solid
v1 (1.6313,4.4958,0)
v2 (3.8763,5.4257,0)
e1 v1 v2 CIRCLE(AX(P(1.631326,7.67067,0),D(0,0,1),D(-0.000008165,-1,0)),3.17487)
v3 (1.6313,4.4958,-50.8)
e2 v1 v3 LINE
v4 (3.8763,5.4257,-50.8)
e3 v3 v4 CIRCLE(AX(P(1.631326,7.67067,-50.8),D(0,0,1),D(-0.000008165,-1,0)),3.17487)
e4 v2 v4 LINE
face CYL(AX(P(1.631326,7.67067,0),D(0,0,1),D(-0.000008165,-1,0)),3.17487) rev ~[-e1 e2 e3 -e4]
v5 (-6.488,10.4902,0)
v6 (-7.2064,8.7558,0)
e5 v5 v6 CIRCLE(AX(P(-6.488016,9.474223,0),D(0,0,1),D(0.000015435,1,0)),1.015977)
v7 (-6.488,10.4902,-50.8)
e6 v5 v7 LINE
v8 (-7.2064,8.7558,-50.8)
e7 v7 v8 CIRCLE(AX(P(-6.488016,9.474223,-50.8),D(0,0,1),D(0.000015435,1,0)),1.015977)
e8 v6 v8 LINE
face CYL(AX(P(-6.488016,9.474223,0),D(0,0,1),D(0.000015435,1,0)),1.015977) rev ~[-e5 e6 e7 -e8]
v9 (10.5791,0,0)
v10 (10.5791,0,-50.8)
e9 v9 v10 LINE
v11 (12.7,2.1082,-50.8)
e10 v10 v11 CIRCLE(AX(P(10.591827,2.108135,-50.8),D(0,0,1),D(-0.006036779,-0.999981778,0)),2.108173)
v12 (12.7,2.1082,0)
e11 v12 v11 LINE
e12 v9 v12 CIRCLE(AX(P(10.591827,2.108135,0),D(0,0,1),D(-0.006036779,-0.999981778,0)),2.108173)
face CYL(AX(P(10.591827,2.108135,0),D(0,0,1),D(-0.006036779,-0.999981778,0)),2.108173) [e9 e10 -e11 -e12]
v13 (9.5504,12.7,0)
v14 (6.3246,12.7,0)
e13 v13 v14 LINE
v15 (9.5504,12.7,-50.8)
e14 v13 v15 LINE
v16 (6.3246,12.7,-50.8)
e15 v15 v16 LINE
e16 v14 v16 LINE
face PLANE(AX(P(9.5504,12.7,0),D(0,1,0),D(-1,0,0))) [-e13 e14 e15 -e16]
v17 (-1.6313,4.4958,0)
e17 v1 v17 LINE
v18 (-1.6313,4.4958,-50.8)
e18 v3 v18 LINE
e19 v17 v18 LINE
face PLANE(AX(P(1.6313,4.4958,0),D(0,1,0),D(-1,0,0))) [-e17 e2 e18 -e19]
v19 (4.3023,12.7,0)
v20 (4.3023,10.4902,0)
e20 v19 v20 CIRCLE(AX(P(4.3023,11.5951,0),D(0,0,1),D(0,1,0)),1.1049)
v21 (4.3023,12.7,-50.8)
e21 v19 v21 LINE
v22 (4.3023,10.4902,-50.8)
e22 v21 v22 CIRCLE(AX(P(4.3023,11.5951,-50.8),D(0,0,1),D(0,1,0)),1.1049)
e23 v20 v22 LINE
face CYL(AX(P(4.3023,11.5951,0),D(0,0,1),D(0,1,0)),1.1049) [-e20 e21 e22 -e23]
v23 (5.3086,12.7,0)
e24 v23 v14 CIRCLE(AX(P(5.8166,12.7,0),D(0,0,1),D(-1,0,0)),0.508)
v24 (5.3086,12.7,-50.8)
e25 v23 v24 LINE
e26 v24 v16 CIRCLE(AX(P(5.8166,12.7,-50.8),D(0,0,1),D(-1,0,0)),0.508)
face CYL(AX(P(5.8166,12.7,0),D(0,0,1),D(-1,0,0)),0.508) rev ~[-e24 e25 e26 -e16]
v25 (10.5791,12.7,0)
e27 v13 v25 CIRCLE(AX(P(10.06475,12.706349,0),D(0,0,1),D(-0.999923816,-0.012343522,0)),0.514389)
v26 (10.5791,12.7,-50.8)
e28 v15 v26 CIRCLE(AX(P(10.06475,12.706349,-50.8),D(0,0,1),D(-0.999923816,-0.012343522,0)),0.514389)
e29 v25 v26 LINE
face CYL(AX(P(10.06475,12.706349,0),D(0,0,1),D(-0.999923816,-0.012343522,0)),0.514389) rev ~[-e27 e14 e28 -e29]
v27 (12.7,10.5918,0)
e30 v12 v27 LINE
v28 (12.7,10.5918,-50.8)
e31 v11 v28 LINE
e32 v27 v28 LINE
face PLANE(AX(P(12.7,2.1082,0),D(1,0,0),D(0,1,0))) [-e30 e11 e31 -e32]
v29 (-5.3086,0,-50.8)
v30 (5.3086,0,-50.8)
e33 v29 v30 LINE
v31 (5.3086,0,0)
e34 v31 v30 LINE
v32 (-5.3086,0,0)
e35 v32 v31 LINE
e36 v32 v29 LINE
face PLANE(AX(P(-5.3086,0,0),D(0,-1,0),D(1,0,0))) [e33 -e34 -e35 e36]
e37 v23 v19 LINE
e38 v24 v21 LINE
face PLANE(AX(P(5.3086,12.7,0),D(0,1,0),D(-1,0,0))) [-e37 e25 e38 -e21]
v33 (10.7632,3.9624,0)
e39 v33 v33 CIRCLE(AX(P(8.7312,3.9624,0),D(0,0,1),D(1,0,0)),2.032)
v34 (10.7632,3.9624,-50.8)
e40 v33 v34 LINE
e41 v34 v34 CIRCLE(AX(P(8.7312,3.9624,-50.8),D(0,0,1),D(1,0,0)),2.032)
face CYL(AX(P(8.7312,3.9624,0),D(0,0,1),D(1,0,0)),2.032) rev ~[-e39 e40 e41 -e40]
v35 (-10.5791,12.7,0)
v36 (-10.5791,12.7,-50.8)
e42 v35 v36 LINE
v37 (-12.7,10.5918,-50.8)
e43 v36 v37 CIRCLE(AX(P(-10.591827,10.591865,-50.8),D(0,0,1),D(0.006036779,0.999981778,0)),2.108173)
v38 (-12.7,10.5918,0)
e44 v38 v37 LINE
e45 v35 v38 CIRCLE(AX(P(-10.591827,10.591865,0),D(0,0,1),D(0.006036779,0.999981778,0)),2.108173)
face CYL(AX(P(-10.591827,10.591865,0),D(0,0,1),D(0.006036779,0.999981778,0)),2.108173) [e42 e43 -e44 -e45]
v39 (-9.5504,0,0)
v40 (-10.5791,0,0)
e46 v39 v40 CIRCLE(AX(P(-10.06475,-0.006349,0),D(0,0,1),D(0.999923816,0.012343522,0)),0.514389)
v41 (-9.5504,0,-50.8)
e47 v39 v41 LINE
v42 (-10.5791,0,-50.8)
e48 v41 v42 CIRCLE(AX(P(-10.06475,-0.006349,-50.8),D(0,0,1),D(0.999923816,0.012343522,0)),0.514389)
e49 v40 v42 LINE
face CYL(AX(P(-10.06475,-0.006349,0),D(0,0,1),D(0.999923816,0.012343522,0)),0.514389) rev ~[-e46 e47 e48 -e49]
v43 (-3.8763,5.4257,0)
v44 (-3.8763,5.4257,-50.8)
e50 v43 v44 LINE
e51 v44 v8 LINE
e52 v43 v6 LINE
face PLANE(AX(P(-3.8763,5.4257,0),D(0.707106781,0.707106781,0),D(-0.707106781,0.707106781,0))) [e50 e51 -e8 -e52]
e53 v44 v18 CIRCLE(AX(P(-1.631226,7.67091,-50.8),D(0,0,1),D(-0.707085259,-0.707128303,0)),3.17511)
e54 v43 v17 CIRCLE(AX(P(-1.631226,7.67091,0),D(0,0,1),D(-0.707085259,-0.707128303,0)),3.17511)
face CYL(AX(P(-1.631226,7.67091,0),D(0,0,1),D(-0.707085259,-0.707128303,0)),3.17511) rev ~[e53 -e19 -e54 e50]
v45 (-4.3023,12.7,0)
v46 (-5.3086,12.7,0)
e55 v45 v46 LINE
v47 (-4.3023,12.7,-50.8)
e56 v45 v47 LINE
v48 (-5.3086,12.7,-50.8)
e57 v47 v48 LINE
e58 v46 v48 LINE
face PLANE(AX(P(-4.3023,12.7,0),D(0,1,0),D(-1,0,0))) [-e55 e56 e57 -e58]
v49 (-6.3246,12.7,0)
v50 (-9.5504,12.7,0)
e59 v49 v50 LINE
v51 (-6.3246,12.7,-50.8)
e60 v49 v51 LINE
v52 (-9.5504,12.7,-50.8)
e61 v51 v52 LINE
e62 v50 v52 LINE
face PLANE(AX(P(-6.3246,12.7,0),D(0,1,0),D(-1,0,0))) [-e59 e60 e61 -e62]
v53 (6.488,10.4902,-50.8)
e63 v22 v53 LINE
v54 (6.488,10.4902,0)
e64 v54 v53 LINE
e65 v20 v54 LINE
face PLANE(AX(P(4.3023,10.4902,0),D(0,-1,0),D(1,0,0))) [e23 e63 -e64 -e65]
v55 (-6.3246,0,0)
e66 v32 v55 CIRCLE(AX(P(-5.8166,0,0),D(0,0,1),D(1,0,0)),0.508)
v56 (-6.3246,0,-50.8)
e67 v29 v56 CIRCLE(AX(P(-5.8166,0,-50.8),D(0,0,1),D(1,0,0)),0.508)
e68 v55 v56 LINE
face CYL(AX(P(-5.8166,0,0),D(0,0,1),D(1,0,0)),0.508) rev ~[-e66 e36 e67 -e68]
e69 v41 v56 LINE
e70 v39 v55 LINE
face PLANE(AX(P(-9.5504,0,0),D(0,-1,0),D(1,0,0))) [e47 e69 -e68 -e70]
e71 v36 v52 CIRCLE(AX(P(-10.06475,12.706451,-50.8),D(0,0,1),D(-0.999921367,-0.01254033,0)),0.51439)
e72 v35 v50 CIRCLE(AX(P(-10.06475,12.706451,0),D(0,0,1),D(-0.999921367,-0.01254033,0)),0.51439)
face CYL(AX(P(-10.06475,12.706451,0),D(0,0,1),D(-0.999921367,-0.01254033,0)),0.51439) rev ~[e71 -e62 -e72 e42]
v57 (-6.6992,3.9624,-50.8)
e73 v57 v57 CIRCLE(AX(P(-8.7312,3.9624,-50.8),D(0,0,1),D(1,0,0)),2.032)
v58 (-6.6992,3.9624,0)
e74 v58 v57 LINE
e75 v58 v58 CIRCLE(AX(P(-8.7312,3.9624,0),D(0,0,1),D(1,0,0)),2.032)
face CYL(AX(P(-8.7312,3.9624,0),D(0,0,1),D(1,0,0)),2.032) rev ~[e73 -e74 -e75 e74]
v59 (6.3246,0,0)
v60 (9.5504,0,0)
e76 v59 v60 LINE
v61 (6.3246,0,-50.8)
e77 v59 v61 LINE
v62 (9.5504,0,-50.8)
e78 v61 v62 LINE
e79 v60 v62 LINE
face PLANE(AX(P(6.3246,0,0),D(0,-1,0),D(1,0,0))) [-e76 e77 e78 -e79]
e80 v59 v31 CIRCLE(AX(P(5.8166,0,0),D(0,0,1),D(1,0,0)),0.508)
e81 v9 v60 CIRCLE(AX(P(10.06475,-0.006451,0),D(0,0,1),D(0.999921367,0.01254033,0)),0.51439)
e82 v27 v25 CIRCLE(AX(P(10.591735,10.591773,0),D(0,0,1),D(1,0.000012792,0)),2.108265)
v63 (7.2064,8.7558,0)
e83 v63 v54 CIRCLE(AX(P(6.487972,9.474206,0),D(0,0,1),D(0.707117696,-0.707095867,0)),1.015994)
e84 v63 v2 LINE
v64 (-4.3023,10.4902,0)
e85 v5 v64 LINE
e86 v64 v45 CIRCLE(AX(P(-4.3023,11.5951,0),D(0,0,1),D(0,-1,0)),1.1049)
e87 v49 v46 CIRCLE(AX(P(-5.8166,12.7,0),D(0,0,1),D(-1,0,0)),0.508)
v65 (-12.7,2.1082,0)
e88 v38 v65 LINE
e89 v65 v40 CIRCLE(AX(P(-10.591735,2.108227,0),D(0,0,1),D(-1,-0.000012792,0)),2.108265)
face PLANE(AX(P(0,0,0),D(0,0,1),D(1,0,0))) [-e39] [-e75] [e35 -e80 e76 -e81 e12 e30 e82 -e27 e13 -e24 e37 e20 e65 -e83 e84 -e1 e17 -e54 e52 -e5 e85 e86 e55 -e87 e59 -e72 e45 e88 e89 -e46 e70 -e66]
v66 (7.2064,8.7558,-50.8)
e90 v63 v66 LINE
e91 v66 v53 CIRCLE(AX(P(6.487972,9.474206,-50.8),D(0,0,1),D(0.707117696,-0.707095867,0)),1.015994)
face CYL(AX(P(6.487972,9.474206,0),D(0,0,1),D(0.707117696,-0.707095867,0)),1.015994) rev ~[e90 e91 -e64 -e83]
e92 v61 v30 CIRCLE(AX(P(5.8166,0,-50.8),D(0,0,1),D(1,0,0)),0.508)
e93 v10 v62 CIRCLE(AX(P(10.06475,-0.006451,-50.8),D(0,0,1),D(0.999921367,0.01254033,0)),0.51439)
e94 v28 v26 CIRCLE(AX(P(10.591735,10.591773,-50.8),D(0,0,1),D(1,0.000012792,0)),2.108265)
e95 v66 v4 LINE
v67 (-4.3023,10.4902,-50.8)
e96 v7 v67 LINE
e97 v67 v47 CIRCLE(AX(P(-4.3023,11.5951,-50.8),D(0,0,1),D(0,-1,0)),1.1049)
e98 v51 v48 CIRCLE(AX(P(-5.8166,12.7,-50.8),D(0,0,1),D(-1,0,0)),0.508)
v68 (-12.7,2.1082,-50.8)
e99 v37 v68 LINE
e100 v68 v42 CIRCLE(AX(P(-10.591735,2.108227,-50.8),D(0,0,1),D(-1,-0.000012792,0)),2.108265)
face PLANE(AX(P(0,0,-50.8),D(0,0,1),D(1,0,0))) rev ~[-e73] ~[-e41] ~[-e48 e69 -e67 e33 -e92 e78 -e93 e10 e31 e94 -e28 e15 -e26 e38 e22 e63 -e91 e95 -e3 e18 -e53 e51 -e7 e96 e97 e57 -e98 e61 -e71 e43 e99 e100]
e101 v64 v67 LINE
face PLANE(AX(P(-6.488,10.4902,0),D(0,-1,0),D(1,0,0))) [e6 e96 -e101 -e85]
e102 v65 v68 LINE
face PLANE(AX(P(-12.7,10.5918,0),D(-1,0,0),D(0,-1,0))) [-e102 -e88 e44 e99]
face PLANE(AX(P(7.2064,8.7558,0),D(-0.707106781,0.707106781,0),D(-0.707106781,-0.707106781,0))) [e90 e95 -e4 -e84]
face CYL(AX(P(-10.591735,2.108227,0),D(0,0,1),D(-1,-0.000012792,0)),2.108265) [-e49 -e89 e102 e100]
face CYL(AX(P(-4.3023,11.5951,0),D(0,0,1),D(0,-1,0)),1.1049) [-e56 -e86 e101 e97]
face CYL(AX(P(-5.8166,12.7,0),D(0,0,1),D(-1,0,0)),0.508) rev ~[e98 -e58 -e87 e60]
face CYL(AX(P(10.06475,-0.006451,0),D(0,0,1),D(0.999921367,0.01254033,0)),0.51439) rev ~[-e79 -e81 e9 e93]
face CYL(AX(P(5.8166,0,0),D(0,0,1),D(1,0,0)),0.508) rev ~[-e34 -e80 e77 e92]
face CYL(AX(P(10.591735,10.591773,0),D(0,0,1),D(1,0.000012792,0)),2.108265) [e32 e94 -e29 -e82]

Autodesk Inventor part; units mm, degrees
ref_plane "YZ Plane" through (0, 0, 0) normal (1, 0, 0) x (0, 1, 0)
ref_plane "XZ Plane" through (0, 0, 0) normal (0, 1, 0) x (-1, 0, 0)
ref_plane "XY Plane" through (0, 0, 0) normal (0, 0, 1) x (1, 0, 0)
sketch "Sketch_1" plane through (0, 0, 0) normal (0, 0, 1) x (1, 0, 0)
  arc A0 (-12.7, 2.1082) -> (-10.5791, 0) centre (-10.5918, 2.1082) ccw
  arc A1 (-9.5504, 0) -> (-10.5791, 0) centre (-10.0648, -0.0064) ccw
  line L0 (-9.5504, 0) -> (-6.3246, 0)
  arc A2 (-5.3086, 0) -> (-6.3246, 0) centre (-5.8166, 0) ccw
  line L1 (-5.3086, 0) -> (5.3086, 0)
  arc A3 (6.3246, 0) -> (5.3086, 0) centre (5.8166, 0) ccw
  line L2 (6.3246, 0) -> (9.5504, 0)
  arc A4 (10.5791, 0) -> (9.5504, 0) centre (10.0648, -0.0064) ccw
  arc A5 (10.5791, 0) -> (12.7, 2.1082) centre (10.5918, 2.1082) ccw
  line L3 (12.7, 2.1082) -> (12.7, 10.5918)
  arc A6 (12.7, 10.5918) -> (10.5791, 12.7) centre (10.5918, 10.5918) ccw
  arc A7 (9.5504, 12.7) -> (10.5791, 12.7) centre (10.0648, 12.7064) ccw
  line L4 (9.5504, 12.7) -> (6.3246, 12.7)
  arc A8 (5.3086, 12.7) -> (6.3246, 12.7) centre (5.8166, 12.7) ccw
  line L5 (5.3086, 12.7) -> (4.3023, 12.7)
  arc A9 (4.3023, 12.7) -> (4.3023, 10.4902) centre (4.3023, 11.5951) ccw
  line L6 (4.3023, 10.4902) -> (6.488, 10.4902)
  arc A10 (7.2064, 8.7558) -> (6.488, 10.4902) centre (6.488, 9.4742) ccw
  line L7 (7.2064, 8.7558) -> (3.8763, 5.4257)
  arc A11 (1.6313, 4.4958) -> (3.8763, 5.4257) centre (1.6313, 7.6708) ccw
  line L8 (1.6313, 4.4958) -> (-1.6313, 4.4958)
  arc A12 (-3.8763, 5.4257) -> (-1.6313, 4.4958) centre (-1.6313, 7.6708) ccw
  line L9 (-3.8763, 5.4257) -> (-7.2064, 8.7558)
  arc A13 (-6.488, 10.4902) -> (-7.2064, 8.7558) centre (-6.488, 9.4742) ccw
  line L10 (-6.488, 10.4902) -> (-4.3023, 10.4902)
  arc A14 (-4.3023, 10.4902) -> (-4.3023, 12.7) centre (-4.3023, 11.5951) ccw
  line L11 (-4.3023, 12.7) -> (-5.3086, 12.7)
  arc A15 (-6.3246, 12.7) -> (-5.3086, 12.7) centre (-5.8166, 12.7) ccw
  line L12 (-6.3246, 12.7) -> (-9.5504, 12.7)
  arc A16 (-10.5791, 12.7) -> (-9.5504, 12.7) centre (-10.0648, 12.7064) ccw
  arc A17 (-10.5791, 12.7) -> (-12.7, 10.5918) centre (-10.5918, 10.5918) ccw
  line L13 (-12.7, 10.5918) -> (-12.7, 2.1082)
  circle A18 centre (8.7312, 3.9624) radius 2.032
  circle A19 centre (-8.7312, 3.9624) radius 2.032
extrude "Extrusion1" add sketch "Sketch_1" against normal blind 50.8
properties part number "1050-2-CL"
